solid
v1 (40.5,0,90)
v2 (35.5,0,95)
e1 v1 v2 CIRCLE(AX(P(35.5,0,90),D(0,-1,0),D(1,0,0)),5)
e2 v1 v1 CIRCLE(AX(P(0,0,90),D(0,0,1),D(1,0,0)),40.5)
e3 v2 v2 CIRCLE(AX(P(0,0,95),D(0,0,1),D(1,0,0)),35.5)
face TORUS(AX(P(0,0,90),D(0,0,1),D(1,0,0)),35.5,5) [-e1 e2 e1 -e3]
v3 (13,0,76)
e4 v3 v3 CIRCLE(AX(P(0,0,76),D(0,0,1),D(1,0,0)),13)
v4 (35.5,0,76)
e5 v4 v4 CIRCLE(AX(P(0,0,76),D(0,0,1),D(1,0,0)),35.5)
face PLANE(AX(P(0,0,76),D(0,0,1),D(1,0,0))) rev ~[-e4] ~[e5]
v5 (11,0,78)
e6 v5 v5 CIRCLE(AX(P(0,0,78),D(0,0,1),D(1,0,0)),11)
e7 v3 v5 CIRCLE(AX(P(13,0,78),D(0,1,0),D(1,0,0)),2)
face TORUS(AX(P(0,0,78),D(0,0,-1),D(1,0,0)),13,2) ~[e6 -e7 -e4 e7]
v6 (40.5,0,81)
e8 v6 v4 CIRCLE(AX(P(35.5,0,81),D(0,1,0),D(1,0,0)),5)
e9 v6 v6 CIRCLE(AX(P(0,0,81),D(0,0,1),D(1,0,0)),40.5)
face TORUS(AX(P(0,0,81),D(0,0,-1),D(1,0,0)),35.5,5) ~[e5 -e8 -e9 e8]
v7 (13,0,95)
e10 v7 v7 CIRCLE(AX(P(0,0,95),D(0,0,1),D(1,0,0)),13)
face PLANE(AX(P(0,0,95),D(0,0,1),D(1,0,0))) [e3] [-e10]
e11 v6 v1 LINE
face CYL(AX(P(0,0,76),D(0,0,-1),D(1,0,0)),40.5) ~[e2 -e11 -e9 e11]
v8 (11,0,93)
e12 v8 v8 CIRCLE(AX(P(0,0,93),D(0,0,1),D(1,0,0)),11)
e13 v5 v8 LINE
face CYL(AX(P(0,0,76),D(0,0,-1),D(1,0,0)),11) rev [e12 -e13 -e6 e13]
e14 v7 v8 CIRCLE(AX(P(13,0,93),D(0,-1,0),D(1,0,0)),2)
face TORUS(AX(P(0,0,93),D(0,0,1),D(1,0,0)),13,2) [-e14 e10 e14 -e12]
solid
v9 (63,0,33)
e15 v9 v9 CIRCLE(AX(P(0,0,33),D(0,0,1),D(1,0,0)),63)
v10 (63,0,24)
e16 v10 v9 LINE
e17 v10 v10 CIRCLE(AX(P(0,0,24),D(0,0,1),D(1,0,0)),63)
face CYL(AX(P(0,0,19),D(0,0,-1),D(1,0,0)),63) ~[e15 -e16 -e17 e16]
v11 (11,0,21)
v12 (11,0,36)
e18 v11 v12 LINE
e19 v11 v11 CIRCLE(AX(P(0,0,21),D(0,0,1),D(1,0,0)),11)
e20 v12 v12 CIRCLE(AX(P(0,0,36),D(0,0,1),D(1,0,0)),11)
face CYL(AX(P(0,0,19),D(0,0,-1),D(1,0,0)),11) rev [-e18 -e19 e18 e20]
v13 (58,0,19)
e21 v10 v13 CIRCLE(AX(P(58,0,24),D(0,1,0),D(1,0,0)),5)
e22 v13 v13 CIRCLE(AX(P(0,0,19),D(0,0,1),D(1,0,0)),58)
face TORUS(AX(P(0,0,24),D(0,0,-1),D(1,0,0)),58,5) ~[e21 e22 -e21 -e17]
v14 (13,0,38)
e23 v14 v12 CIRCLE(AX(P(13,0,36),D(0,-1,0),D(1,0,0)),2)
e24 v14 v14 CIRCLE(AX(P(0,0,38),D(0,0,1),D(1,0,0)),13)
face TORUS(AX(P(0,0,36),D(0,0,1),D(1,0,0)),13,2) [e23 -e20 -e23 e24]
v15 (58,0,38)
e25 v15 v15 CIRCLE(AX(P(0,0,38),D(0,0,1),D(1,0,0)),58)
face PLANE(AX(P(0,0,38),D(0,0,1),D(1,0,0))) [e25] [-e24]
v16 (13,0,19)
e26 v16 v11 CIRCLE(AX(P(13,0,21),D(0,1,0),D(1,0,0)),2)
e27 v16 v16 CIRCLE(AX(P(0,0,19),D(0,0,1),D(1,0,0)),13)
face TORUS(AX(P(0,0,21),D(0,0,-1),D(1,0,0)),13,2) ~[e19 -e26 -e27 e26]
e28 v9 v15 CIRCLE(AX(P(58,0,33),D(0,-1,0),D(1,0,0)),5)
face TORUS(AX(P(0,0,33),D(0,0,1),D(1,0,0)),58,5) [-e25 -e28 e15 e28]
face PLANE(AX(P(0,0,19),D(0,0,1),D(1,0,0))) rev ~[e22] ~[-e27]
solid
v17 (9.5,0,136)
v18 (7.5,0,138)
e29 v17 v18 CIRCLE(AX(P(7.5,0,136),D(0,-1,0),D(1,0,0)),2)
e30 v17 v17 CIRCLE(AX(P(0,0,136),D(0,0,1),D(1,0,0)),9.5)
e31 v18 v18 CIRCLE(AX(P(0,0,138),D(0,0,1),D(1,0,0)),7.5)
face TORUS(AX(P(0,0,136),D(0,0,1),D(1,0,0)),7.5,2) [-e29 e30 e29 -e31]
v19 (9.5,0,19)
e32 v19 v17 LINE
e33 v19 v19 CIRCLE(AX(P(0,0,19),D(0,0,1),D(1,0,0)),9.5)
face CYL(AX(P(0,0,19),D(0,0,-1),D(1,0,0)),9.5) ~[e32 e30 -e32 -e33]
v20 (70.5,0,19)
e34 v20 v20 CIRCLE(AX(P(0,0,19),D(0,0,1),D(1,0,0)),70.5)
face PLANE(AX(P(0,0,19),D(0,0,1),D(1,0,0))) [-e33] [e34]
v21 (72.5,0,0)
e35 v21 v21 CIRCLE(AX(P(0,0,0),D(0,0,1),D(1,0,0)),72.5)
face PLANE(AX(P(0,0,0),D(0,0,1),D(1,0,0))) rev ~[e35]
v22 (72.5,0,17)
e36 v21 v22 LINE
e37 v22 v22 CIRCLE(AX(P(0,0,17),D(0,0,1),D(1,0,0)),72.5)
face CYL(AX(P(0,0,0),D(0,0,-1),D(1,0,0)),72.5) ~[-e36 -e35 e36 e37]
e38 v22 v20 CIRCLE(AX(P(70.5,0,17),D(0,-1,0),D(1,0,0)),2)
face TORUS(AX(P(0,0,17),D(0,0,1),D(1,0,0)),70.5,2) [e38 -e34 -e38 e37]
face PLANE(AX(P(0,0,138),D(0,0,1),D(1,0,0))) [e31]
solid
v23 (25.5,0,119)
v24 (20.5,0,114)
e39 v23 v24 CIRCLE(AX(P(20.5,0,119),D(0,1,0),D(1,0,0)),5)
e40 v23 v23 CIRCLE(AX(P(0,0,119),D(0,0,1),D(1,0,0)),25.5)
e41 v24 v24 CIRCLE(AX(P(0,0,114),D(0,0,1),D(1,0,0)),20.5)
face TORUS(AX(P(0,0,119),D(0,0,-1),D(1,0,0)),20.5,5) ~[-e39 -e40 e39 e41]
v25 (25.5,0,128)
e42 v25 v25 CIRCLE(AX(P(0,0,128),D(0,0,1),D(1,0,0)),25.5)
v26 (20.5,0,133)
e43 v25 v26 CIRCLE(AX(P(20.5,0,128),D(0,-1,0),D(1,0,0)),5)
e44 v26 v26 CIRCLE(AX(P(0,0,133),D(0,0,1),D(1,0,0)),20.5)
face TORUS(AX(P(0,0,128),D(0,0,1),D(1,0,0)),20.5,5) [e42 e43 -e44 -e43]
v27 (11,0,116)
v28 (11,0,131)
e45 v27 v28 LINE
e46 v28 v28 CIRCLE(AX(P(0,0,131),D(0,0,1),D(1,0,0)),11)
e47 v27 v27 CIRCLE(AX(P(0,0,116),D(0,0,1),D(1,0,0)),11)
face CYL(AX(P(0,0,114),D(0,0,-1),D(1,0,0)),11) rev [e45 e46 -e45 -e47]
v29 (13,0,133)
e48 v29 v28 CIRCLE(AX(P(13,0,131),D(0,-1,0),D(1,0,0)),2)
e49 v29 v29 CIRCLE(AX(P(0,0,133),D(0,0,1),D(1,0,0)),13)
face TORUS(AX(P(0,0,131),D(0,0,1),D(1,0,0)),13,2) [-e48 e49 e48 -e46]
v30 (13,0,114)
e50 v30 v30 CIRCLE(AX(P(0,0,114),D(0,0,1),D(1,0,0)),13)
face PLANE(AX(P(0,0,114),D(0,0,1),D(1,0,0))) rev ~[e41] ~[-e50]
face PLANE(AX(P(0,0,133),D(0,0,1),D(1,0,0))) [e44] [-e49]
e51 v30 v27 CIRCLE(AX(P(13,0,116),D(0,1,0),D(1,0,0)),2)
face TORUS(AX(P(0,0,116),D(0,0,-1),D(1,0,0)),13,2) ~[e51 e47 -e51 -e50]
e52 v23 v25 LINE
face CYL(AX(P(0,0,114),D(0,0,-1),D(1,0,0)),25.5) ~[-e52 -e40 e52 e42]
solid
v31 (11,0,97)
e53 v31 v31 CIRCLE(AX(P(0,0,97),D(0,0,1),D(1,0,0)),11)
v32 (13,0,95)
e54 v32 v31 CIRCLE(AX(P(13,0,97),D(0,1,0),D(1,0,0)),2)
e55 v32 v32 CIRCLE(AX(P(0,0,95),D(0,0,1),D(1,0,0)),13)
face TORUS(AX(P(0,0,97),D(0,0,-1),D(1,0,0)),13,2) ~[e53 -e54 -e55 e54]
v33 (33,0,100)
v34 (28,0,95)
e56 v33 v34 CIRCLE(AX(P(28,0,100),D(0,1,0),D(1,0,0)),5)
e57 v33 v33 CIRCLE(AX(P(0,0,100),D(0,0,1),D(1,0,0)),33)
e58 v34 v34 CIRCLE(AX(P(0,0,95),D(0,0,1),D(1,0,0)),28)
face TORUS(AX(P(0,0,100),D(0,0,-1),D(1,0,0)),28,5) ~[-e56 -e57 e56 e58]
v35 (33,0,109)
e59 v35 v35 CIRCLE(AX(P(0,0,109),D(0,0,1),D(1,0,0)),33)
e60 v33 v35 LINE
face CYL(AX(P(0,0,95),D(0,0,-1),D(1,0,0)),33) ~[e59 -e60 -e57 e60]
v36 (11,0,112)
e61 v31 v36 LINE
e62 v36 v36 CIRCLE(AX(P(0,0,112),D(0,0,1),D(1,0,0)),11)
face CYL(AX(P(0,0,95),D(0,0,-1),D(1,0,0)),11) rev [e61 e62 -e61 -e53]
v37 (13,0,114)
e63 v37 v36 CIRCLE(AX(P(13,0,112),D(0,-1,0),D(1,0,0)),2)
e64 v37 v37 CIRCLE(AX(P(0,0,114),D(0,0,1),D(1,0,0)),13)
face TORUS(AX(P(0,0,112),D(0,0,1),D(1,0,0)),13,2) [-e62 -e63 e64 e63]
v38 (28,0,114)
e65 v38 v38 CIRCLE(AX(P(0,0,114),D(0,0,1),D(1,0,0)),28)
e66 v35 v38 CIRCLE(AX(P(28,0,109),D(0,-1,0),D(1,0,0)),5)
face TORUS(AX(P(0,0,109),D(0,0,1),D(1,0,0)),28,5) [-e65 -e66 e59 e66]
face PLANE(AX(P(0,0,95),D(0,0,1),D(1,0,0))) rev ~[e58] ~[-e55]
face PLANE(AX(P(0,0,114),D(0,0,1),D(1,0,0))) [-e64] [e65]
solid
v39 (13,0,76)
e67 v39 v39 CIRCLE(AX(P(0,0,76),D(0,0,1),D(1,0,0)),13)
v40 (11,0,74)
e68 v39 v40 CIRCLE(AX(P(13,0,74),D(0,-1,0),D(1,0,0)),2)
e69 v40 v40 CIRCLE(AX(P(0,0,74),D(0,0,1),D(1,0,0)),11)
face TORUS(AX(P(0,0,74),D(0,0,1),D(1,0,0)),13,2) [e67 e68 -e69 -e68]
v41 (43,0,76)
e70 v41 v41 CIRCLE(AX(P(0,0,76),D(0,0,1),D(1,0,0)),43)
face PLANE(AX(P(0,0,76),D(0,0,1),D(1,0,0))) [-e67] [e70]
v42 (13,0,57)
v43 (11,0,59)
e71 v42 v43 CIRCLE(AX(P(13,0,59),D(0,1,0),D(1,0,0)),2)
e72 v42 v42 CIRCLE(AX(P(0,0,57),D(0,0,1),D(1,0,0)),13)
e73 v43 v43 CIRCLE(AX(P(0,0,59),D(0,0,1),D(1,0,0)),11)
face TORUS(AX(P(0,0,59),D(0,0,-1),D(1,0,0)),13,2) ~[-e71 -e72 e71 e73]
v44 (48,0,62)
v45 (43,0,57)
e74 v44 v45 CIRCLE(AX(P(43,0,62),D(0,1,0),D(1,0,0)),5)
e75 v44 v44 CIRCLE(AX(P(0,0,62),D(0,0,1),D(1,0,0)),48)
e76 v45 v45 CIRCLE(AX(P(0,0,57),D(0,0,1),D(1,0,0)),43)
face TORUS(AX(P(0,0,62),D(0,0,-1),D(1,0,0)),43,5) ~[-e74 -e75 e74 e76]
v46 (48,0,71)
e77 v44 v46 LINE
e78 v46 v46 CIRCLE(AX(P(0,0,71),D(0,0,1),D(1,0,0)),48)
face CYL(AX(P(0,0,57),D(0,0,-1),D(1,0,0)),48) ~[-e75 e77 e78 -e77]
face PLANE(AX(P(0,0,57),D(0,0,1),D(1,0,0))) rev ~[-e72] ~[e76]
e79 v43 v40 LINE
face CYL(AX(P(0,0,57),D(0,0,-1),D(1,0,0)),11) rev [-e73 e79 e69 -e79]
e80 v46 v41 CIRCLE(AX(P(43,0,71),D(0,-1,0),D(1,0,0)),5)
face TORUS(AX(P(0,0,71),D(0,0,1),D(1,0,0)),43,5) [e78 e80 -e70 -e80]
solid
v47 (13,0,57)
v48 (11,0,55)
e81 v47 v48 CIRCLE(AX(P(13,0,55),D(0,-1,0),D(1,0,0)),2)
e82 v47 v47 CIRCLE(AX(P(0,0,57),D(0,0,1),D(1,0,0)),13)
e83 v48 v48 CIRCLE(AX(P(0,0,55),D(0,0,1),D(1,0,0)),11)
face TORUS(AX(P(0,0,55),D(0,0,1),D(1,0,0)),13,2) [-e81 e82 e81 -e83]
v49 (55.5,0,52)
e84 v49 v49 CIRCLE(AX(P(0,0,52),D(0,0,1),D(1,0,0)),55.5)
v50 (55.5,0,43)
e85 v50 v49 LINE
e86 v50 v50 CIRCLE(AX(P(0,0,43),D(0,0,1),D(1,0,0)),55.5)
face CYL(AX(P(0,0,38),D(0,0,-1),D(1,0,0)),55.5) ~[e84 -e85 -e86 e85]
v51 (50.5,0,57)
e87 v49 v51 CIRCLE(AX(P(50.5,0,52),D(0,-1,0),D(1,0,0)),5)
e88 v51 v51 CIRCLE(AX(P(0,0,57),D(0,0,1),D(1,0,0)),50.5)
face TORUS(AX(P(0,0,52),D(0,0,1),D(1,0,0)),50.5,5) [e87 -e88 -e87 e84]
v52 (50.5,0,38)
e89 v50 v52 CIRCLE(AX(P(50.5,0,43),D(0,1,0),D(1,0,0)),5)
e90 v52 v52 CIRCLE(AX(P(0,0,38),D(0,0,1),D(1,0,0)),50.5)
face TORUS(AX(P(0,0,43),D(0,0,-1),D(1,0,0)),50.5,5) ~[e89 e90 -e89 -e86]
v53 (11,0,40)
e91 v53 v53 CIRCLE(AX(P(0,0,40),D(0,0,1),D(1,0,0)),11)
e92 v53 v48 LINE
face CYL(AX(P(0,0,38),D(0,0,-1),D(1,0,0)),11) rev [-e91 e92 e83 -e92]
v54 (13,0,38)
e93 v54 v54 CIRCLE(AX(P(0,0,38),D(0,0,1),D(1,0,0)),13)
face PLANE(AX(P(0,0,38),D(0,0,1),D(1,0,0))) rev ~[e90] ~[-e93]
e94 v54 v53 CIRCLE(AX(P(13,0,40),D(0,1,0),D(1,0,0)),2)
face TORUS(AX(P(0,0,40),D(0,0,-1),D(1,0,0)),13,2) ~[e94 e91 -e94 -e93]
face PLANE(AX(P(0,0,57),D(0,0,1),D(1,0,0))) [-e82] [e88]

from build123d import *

# Parameters (mm, degrees)
F0_R      = 72.5
F1_DEPTH  = 19
F2_R      = 9.5
F3_DEPTH  = 119
F4_R      = 2
F5_R      = 63
F5_R_2    = 11
F6_DEPTH  = 19
F7_R      = 55.5
F7_R_2    = 11
F8_DEPTH  = 19
F9_R      = 48
F9_R_2    = 11
F10_DEPTH = 19
F11_R     = 40.5
F11_R_2   = 11
F12_DEPTH = 19
F13_R     = 33
F13_R_2   = 11
F14_DEPTH = 19
F15_R     = 25.5
F15_R_2   = 11
F16_DEPTH = 19
F17_R     = 5
F17_2_R   = 5
F17_3_R   = 5
F17_4_R   = 5
F17_5_R   = 5
F17_6_R   = 5
F18_R     = 2
F18_2_R   = 2
F18_3_R   = 2
F18_4_R   = 2
F18_5_R   = 2
F18_6_R   = 2


with BuildPart() as f1:
    # F0 (on Top) → F1 (new body)
    with BuildSketch(Plane.XY):
        Circle(F0_R)
    extrude(amount=F1_DEPTH)

    # F2 (on face) → F3 (join)
    with BuildSketch(Plane.XY.offset(19)):
        Circle(F2_R)
    extrude(amount=F3_DEPTH)

    # F4
    f4_edges = [f1.edges().sort_by_distance(p)[0] for p in [
        (-72.5, 0, 19),
        (-9.5, 0, 138),
    ]]
    fillet(f4_edges, radius=F4_R)


with BuildPart() as f6:
    # F5 (on face) → F6 (new body)
    with BuildSketch(Plane.XY.offset(19)):
        Circle(F5_R)
        Circle(F5_R_2, mode=Mode.SUBTRACT)
    extrude(amount=F6_DEPTH)

    # F17
    f17_edges = [f6.edges().sort_by_distance(p)[0] for p in [
        (63, 0, 28.5),
        (-63, 0, 19),
        (-63, 0, 38),
    ]]
    fillet(f17_edges, radius=F17_R)

    # F18
    f18_edges = [f6.edges().sort_by_distance(p)[0] for p in [
        (11, 0, 28.5),
        (-11, 0, 19),
        (-11, 0, 38),
    ]]
    fillet(f18_edges, radius=F18_R)


with BuildPart() as f8:
    # F7 (on face) → F8 (new body)
    with BuildSketch(Plane.XY.offset(38)):
        Circle(F7_R)
        Circle(F7_R_2, mode=Mode.SUBTRACT)
    extrude(amount=F8_DEPTH)

    # F17#2
    f17_2_edges = [f8.edges().sort_by_distance(p)[0] for p in [
        (55.5, 0, 47.5),
        (-55.5, 0, 38),
        (-55.5, 0, 57),
    ]]
    fillet(f17_2_edges, radius=F17_2_R)

    # F18#2
    f18_2_edges = [f8.edges().sort_by_distance(p)[0] for p in [
        (-11, 0, 38),
        (11, 0, 47.5),
        (-11, 0, 57),
    ]]
    fillet(f18_2_edges, radius=F18_2_R)


with BuildPart() as f10:
    # F9 (on face) → F10 (new body)
    with BuildSketch(Plane.XY.offset(57)):
        Circle(F9_R)
        Circle(F9_R_2, mode=Mode.SUBTRACT)
    extrude(amount=F10_DEPTH)

    # F17#3
    f17_3_edges = [f10.edges().sort_by_distance(p)[0] for p in [
        (48, 0, 66.5),
        (-48, 0, 57),
        (-48, 0, 76),
    ]]
    fillet(f17_3_edges, radius=F17_3_R)

    # F18#3
    f18_3_edges = [f10.edges().sort_by_distance(p)[0] for p in [
        (-11, 0, 57),
        (-11, 0, 76),
        (11, 0, 66.5),
    ]]
    fillet(f18_3_edges, radius=F18_3_R)


with BuildPart() as f12:
    # F11 (on face) → F12 (new body)
    with BuildSketch(Plane.XY.offset(76)):
        Circle(F11_R)
        Circle(F11_R_2, mode=Mode.SUBTRACT)
    extrude(amount=F12_DEPTH)

    # F17#4
    f17_4_edges = [f12.edges().sort_by_distance(p)[0] for p in [
        (40.5, 0, 85.5),
        (-40.5, 0, 76),
        (-40.5, 0, 95),
    ]]
    fillet(f17_4_edges, radius=F17_4_R)

    # F18#6
    f18_6_edges = [f12.edges().sort_by_distance(p)[0] for p in [
        (-11, 0, 95),
        (11, 0, 85.5),
        (-11, 0, 76),
    ]]
    fillet(f18_6_edges, radius=F18_6_R)


with BuildPart() as f14:
    # F13 (on face) → F14 (new body)
    with BuildSketch(Plane.XY.offset(95)):
        Circle(F13_R)
        Circle(F13_R_2, mode=Mode.SUBTRACT)
    extrude(amount=F14_DEPTH)

    # F17#5
    f17_5_edges = [f14.edges().sort_by_distance(p)[0] for p in [
        (33, 0, 104.5),
        (-33, 0, 95),
        (-33, 0, 114),
    ]]
    fillet(f17_5_edges, radius=F17_5_R)

    # F18#5
    f18_5_edges = [f14.edges().sort_by_distance(p)[0] for p in [
        (-11, 0, 114),
        (11, 0, 104.5),
        (-11, 0, 95),
    ]]
    fillet(f18_5_edges, radius=F18_5_R)


with BuildPart() as f16:
    # F15 (on face) → F16 (new body)
    with BuildSketch(Plane.XY.offset(114)):
        Circle(F15_R)
        Circle(F15_R_2, mode=Mode.SUBTRACT)
    extrude(amount=F16_DEPTH)

    # F17#6
    f17_6_edges = [f16.edges().sort_by_distance(p)[0] for p in [
        (25.5, 0, 123.5),
        (-25.5, 0, 114),
        (-25.5, 0, 133),
    ]]
    fillet(f17_6_edges, radius=F17_6_R)

    # F18#4
    f18_4_edges = [f16.edges().sort_by_distance(p)[0] for p in [
        (11, 0, 123.5),
        (-11, 0, 114),
        (-11, 0, 133),
    ]]
    fillet(f18_4_edges, radius=F18_4_R)


solid = Compound([f1.part, f6.part, f8.part, f10.part, f12.part, f14.part, f16.part])
